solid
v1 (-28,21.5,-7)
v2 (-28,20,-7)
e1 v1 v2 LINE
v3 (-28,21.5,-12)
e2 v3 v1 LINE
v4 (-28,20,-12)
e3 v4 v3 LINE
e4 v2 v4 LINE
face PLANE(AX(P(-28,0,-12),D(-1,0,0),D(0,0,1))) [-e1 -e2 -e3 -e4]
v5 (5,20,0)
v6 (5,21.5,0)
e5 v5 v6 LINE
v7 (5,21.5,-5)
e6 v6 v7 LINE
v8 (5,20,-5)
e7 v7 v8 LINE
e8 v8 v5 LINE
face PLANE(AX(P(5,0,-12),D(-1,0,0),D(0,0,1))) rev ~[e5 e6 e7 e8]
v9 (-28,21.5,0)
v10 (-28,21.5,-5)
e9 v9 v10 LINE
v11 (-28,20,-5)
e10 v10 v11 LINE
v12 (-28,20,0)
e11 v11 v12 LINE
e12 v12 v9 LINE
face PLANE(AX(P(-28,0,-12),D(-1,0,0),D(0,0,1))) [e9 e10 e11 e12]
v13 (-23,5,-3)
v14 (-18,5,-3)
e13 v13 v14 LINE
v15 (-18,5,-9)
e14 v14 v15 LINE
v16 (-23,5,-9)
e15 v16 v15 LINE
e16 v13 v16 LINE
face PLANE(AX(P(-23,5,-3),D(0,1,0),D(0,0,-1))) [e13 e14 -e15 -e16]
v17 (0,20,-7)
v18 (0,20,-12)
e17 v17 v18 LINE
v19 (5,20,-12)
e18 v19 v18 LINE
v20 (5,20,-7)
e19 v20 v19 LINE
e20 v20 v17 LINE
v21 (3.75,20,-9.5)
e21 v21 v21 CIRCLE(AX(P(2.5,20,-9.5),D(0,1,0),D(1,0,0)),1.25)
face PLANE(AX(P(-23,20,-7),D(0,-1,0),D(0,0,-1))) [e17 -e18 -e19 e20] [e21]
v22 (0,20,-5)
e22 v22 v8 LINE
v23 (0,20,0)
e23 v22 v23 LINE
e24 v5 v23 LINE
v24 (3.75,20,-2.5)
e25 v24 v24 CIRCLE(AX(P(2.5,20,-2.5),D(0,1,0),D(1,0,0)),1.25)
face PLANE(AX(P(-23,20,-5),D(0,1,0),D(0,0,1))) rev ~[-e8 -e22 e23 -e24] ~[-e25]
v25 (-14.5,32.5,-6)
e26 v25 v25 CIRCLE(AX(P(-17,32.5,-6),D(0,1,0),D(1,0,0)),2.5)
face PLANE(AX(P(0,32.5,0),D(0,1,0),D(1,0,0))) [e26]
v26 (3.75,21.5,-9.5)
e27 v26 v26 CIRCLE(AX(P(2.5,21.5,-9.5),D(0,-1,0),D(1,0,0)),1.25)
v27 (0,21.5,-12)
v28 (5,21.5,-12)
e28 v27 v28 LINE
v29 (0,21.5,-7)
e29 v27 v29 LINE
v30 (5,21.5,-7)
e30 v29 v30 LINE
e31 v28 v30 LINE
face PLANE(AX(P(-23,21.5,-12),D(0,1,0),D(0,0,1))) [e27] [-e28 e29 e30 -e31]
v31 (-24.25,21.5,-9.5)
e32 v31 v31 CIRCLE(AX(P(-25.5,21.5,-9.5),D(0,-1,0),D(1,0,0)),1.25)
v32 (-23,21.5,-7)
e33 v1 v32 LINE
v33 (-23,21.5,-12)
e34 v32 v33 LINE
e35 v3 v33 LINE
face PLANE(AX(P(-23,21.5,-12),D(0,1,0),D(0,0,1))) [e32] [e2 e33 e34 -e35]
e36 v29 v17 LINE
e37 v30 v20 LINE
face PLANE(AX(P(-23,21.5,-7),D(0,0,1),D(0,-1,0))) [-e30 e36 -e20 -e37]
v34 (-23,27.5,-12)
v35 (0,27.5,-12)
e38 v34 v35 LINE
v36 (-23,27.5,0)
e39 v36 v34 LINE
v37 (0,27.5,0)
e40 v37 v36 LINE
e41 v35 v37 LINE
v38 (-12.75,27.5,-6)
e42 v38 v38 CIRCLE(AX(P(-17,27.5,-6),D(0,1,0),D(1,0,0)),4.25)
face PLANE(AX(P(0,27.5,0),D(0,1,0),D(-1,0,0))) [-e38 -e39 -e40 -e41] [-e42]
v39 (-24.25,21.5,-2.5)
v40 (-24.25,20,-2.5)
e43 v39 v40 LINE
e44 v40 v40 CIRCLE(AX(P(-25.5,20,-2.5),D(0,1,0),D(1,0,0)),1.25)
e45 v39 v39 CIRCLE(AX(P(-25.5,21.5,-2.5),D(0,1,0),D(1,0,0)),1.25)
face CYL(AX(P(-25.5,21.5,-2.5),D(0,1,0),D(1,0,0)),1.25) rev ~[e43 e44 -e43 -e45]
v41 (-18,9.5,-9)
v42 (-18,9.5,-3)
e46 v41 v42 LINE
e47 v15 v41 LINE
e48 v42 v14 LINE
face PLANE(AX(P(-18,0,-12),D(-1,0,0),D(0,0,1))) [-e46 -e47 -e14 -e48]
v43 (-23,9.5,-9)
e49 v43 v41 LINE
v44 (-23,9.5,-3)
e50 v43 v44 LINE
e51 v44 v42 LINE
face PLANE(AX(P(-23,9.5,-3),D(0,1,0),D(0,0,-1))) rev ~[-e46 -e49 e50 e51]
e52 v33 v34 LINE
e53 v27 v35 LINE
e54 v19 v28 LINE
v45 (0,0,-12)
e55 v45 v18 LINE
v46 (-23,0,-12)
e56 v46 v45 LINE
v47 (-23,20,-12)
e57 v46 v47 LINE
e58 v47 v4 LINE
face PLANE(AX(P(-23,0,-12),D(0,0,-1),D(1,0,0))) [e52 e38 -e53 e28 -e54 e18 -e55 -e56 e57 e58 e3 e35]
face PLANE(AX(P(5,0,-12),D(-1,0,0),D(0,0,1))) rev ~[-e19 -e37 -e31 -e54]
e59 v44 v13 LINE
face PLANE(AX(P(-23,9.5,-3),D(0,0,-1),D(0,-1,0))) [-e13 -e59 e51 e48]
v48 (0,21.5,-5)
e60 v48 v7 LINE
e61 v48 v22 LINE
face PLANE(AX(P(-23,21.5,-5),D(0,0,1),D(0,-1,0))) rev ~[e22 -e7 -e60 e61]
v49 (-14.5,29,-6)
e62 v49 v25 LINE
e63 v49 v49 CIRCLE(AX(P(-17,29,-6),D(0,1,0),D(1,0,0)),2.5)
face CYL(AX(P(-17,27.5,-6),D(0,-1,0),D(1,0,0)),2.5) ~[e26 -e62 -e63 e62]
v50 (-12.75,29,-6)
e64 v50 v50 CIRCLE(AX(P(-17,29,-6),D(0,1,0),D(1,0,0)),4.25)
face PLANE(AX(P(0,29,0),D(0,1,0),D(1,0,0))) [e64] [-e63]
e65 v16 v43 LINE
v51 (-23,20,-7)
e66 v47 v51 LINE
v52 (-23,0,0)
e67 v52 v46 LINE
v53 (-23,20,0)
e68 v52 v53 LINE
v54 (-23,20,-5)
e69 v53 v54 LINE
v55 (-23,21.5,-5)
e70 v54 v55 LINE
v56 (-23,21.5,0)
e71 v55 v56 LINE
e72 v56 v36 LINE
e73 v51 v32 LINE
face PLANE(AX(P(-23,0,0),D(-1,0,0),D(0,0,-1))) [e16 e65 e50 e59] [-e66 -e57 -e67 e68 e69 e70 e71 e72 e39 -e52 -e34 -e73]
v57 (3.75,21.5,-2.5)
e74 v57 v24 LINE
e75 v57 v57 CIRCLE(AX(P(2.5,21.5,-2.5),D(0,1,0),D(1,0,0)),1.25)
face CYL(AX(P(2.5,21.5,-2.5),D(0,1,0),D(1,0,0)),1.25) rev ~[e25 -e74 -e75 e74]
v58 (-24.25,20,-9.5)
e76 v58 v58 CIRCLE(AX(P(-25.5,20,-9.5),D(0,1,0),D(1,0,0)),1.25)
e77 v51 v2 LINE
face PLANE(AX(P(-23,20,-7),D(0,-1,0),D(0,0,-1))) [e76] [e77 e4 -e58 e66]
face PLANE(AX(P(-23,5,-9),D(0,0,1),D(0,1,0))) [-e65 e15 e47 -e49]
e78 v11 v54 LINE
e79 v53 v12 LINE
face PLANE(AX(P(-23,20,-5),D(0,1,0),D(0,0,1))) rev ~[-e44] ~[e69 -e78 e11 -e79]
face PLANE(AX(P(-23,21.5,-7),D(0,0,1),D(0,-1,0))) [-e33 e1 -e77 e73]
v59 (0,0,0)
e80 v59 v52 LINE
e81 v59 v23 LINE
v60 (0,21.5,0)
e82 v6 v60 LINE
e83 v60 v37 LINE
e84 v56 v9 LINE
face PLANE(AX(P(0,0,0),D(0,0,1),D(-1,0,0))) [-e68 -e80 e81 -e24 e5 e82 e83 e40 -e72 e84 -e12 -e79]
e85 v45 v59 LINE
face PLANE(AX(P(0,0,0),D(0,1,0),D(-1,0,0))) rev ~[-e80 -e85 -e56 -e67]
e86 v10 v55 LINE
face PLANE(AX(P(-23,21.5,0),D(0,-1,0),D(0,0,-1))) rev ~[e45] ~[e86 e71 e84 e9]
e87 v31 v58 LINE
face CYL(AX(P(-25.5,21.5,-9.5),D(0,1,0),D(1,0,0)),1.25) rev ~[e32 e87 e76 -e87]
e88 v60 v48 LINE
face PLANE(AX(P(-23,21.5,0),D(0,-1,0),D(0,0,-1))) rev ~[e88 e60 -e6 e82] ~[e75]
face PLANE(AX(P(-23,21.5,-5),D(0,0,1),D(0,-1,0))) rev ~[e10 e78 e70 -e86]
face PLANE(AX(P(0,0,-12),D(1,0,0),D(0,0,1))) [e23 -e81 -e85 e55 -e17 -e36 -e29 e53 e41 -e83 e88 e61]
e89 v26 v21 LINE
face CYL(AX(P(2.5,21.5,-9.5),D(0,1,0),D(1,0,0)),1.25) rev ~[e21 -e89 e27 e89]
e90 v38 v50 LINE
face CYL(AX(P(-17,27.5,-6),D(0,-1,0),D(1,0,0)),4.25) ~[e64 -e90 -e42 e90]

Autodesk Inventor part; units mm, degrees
ref_plane "YZ Plane" through (0, 0, 0) normal (1, 0, 0) x (0, 1, 0)
ref_plane "XZ Plane" through (0, 0, 0) normal (0, 1, 0) x (-1, 0, 0)
ref_plane "XY Plane" through (0, 0, 0) normal (0, 0, 1) x (1, 0, 0)
sketch "Boceto1" plane through (0, 0, 0) normal (0, 1, 0) x (-1, 0, 0)
  line L0 (0, 0) -> (23, 0)
  line L1 (23, 0) -> (23, -12)
  line L2 (23, -12) -> (0, -12)
  line L3 (0, -12) -> (0, 0)
  dimension "d0" = 23
  dimension "d1" = 12
extrude "Extrusión1" add sketch "Boceto1" along normal blind 27.5
sketch "Boceto2" plane through (0, 27.5, 0) normal (0, 1, 0) x (1, 0, 0)
  line L0 (0, 0) -> (0, 12) projected
  line L1 (0, 0) -> (0, 12)
  line L2 (0, 6) -> (-17, 6)
  circle A0 centre (-17, 6) radius 4.25
  circle A1 centre (-17, 6) radius 2.5
  dimension "d4" = 17
  dimension "d5" = 8.5
  dimension "d6" = 5
extrude "Extrusión2" add sketch "Boceto2" along normal blind 5 contours A1
sketch "Boceto3" plane through (0, 27.5, 0) normal (0, 1, 0) x (1, 0, 0)
  circle A0 centre (-17, 6) radius 2.5 projected
  circle A1 centre (-17, 6) radius 4.25
  point P0 (0, 0)
  dimension "d9" = 8.5
extrude "Extrusión3" add sketch "Boceto3" along normal blind 1.5
sketch "Boceto4" plane through (-23, 0, -12) normal (-1, 0, 0) x (0, 0, 1)
  line L0 (12, 0) -> (12, 27.5) projected
  line L1 (12, 27.5) -> (12, 20)
  line L2 (12, 20) -> (12, 21.5)
  line L3 (0, 0) -> (0, 27.5) projected
  line L4 (12, 21.5) -> (7, 21.5)
  line L5 (7, 21.5) -> (7, 20)
  line L6 (7, 20) -> (12, 20)
  line L7 (0, 21.5) -> (5, 21.5)
  line L8 (5, 21.5) -> (5, 20)
  line L9 (5, 20) -> (0, 20)
  line L10 (0, 21.5) -> (0, 20)
  dimension "d12" = 7.5
  dimension "d13" = 1.5
  dimension "d14" = 5
  dimension "d15" = 5
extrude "Extrusión4" add sketch "Boceto4" along normal blind 5 and the other way blind 28
sketch "Boceto5" plane through (-23, 21.5, -7) normal (0, 1, 0) x (1, 0, 0)
  line L0 (-5, 0) -> (-5, 5) projected
  line L1 (-5, 2.5) -> (0, 2.5)
  line L2 (0, -7) -> (0, 5) projected
  circle A0 centre (-2.5, 2.5) radius 1.25
  circle A1 centre (-2.5, -4.5) radius 1.25
  line L3 (28, 0) -> (28, 5) projected
  line L4 (28, 2.5) -> (23, 2.5)
  circle A2 centre (25.5, 2.5) radius 1.25
  circle A3 centre (25.5, -4.5) radius 1.25
  point P0 (23, -7)
  dimension "d20" = 2.5
  dimension "d21" = 2.5
  dimension "d22" = 2.5
  dimension "d23" = 2.5
extrude "Extrusión5" cut sketch "Boceto5" against normal blind 5
sketch "Boceto6" plane through (-23, 0, -12) normal (-1, 0, 0) x (0, 0, 1)
  line L0 (12, 0) -> (12, 20) projected
  line L1 (12, 20) -> (12, 9.5)
  line L2 (12, 9.5) -> (0, 9.5)
  line L3 (0, 0) -> (0, 20) projected
  line L4 (6, 9.5) -> (9, 9.5)
  line L5 (9, 9.5) -> (9, 5)
  line L6 (9, 5) -> (3, 5)
  line L7 (3, 5) -> (3, 9.5)
  dimension "d26" = 10.5
  dimension "d27" = 3
  dimension "d28" = 4.5
  dimension "d29" = 6
extrude "Extrusión6" cut sketch "Boceto6" against normal blind 5
sketch "Sketch7" plane through (0, 21.5, 0) normal (0, 1, 0) x (1, 0, 0)
  point P0 (0, 0)
properties part number "microservo_FT_2322"
